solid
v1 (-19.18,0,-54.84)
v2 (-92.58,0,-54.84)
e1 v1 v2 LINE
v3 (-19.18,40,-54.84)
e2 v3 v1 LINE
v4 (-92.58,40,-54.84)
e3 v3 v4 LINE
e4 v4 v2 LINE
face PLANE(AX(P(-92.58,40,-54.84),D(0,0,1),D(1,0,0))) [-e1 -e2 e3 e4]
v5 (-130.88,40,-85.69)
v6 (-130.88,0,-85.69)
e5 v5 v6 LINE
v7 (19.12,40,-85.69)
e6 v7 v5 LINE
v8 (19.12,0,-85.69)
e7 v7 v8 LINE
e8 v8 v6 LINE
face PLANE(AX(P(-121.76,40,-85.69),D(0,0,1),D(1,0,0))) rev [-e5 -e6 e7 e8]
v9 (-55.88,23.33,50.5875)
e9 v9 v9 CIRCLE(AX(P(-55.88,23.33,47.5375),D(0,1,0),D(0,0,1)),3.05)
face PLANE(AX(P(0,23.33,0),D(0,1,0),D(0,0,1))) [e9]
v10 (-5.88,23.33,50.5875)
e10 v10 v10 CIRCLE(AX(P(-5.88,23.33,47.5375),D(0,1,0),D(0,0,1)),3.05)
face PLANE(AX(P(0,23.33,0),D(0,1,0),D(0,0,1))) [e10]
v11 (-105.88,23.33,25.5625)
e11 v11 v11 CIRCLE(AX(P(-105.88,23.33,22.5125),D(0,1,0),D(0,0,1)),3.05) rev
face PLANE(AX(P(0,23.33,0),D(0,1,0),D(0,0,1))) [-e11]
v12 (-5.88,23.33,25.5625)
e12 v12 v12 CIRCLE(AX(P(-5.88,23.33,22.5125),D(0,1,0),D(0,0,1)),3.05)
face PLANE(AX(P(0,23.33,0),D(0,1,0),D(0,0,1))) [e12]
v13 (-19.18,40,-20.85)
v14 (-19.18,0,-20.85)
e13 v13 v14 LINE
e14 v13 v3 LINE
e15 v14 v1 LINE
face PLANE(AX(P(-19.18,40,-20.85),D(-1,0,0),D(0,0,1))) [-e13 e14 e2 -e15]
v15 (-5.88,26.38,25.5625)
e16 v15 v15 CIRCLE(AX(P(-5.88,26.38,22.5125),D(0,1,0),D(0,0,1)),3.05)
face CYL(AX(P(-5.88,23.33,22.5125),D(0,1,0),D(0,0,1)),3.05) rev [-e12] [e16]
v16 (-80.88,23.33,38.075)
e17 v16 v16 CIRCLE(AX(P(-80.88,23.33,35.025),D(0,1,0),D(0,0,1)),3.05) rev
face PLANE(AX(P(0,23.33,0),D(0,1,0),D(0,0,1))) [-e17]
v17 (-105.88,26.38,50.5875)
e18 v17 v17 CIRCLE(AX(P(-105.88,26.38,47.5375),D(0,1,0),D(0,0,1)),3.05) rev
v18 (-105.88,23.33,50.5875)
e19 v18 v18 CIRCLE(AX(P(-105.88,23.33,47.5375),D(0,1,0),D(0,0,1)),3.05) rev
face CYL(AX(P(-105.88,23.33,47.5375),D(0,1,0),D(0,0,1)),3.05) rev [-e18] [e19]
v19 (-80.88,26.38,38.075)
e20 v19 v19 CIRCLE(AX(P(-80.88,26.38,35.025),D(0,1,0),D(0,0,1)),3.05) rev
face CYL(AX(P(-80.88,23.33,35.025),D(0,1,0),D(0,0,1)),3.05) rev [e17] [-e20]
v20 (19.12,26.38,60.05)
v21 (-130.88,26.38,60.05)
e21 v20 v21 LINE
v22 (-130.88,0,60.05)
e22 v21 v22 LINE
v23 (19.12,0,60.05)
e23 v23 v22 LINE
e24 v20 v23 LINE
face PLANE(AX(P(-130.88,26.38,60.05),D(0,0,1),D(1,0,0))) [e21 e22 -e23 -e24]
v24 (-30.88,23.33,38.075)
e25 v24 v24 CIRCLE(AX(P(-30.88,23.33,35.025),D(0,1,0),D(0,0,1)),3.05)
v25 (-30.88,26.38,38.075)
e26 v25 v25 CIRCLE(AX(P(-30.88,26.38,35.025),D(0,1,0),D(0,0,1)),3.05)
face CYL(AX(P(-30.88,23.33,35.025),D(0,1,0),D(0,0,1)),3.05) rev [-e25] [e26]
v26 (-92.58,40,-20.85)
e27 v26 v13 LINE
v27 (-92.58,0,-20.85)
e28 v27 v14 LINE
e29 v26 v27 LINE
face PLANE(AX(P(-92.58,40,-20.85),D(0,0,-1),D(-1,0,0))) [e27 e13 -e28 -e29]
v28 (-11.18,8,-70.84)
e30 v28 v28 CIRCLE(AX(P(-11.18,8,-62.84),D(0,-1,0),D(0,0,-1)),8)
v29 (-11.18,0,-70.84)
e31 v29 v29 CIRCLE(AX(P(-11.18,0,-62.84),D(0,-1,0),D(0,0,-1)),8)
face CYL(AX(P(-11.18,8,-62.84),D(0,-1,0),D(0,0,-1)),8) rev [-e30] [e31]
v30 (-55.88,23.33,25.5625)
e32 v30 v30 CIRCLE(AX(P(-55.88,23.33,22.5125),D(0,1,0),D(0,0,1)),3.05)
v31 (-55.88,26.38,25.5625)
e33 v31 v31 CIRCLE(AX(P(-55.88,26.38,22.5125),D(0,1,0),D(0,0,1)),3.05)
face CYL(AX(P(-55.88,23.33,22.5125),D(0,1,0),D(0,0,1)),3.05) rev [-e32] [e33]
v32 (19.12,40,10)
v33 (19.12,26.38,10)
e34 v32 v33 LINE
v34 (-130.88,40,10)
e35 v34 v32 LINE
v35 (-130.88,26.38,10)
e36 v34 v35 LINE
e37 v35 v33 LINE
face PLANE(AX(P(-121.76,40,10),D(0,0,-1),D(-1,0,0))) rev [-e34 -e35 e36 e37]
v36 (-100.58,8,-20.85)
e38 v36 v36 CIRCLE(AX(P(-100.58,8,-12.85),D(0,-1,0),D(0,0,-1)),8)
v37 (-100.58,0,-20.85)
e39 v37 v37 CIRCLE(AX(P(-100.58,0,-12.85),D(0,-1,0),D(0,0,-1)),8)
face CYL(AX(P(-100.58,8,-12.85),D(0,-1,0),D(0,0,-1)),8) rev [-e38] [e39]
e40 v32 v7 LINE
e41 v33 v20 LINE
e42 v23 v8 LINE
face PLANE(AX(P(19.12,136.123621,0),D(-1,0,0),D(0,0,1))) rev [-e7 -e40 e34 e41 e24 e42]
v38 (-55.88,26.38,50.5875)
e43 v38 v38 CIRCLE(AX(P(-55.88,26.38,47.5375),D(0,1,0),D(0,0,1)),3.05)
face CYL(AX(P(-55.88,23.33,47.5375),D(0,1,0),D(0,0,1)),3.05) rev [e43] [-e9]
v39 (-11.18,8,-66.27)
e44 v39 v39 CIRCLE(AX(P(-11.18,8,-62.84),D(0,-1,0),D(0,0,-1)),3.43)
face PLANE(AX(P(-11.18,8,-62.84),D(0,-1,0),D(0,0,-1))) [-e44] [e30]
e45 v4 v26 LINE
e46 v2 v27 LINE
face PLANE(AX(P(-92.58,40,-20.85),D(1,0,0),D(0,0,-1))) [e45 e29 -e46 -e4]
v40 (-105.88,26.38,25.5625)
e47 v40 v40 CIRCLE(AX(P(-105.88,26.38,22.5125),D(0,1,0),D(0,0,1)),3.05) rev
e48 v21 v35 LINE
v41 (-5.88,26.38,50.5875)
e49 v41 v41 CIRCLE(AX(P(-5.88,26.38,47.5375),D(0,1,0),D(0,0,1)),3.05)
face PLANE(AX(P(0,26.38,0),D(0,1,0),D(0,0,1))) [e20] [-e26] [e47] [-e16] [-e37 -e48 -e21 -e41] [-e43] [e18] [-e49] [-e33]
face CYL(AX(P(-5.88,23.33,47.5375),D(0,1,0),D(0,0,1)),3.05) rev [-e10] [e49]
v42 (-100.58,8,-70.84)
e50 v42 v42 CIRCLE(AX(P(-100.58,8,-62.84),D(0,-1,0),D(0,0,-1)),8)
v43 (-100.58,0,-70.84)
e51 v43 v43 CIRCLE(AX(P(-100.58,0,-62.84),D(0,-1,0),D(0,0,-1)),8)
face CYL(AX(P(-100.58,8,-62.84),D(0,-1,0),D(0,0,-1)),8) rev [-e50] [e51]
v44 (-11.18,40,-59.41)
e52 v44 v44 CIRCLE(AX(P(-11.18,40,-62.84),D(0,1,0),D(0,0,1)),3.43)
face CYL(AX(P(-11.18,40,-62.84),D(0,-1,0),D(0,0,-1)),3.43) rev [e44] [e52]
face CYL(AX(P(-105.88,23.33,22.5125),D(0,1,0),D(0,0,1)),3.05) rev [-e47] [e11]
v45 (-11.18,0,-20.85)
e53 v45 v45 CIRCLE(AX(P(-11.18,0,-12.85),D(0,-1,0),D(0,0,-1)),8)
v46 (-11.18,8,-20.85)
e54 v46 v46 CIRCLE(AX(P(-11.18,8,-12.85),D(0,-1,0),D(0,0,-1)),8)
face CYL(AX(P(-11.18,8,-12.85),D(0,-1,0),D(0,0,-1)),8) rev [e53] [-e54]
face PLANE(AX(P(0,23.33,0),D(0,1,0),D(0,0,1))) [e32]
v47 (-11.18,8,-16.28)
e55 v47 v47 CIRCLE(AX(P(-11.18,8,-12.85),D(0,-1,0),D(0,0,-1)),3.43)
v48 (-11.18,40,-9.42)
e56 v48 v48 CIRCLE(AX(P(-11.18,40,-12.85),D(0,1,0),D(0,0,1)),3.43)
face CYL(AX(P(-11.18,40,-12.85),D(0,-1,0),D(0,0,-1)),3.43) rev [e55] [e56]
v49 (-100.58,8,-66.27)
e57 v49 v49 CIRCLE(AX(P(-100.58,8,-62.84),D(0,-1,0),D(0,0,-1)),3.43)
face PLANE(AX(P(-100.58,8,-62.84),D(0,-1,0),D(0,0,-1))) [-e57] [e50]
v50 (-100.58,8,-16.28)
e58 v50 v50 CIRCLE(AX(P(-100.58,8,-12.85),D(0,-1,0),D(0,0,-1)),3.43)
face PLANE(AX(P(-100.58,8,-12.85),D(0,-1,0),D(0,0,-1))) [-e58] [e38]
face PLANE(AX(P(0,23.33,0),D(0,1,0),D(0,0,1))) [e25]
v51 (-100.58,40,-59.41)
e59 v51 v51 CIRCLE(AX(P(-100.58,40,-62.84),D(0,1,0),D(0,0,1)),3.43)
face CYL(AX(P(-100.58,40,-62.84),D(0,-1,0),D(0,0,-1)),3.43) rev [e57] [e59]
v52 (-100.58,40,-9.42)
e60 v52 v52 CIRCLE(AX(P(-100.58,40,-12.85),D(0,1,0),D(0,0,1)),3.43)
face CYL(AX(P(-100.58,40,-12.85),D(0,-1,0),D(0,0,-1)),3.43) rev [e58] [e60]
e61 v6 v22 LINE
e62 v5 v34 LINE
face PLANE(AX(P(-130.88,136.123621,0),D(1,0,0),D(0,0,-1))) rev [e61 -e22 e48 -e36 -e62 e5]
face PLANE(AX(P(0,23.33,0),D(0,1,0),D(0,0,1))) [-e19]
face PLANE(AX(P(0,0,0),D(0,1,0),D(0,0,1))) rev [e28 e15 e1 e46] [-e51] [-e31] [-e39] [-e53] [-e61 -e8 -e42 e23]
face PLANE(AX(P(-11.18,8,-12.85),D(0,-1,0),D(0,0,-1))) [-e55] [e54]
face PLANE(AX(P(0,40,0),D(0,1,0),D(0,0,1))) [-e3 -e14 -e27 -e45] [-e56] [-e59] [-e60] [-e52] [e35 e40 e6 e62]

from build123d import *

# Parameters (mm, degrees)
SKETCH8_W           = 131.76
SKETCH8_H           = 95.69
SKETCH8_R           = 3.43
SKETCH8_W_2         = 73.4
SKETCH8_H_2         = 33.99
BOSS_EXTRUDE4_DEPTH = 40
SKETCH9_R           = 8
CUT_EXTRUDE2_DEPTH  = 8
SKETCH12_W          = 9.12
SKETCH12_H          = 95.69
BOSS_EXTRUDE5_DEPTH = 40
SKETCH13_W          = 150
SKETCH13_H          = 50.05
BOSS_EXTRUDE6_DEPTH = 26.38
SKETCH14_R          = 3.05
CUT_EXTRUDE3_DEPTH  = 3.05


with BuildPart() as part:
    # Sketch8 → Boss-Extrude4 (new body)
    with BuildSketch(Plane(origin=(0, 0, 0), x_dir=(1, 0, 0), z_dir=(0, 1, 0))):
        with Locations((-55.88, 37.845)):
            Rectangle(SKETCH8_W, SKETCH8_H)
        with Locations((-100.58, 12.85)):
            Circle(SKETCH8_R, mode=Mode.SUBTRACT)
        with Locations((-100.58, 62.84)):
            Circle(SKETCH8_R, mode=Mode.SUBTRACT)
        with Locations((-11.18, 62.84)):
            Circle(SKETCH8_R, mode=Mode.SUBTRACT)
        with Locations((-11.18, 12.85)):
            Circle(SKETCH8_R, mode=Mode.SUBTRACT)
        with Locations((-55.88, 37.845)):
            Rectangle(SKETCH8_W_2, SKETCH8_H_2, mode=Mode.SUBTRACT)
    extrude(amount=BOSS_EXTRUDE4_DEPTH)

    # Sketch9 → Cut-Extrude2 (cut)
    with BuildSketch(Plane.XZ):
        with Locations((-100.58, -12.85)):
            Circle(SKETCH9_R)
        with Locations((-11.18, -12.85)):
            Circle(SKETCH9_R)
        with Locations((-11.18, -62.84)):
            Circle(SKETCH9_R)
        with Locations((-100.58, -62.84)):
            Circle(SKETCH9_R)
    extrude(amount=-CUT_EXTRUDE2_DEPTH, mode=Mode.SUBTRACT)

    # Sketch12 → Boss-Extrude5 (add)
    with BuildSketch(Plane.XZ):
        with Locations((-126.32, -37.845)):
            Rectangle(SKETCH12_W, SKETCH12_H)
        with Locations((14.56, -37.845)):
            Rectangle(SKETCH12_W, SKETCH12_H)
    extrude(amount=-BOSS_EXTRUDE5_DEPTH)

    # Sketch13 → Boss-Extrude6 (add)
    with BuildSketch(Plane.XZ):
        with Locations((-55.88, 35.025)):
            Rectangle(SKETCH13_W, SKETCH13_H)
    extrude(amount=-BOSS_EXTRUDE6_DEPTH)

    # Sketch14 → Cut-Extrude3 (cut)
    with BuildSketch(Plane(origin=(0, 26.38, 0), x_dir=(1, 0, 0), z_dir=(0, 1, 0))):
        with Locations((-105.88, -22.5125)):
            Circle(SKETCH14_R)
        with Locations((-105.88, -47.5375)):
            Circle(SKETCH14_R)
        with BuildLine():
            ThreePointArc((-77.83, -35.025), (-80.88, -31.975), (-83.93, -35.025))
            Line((-83.93, -35.025), (-77.83, -35.025))
        make_face()
        with BuildLine():
            Line((-77.83, -35.025), (-83.93, -35.025))
            ThreePointArc((-83.93, -35.025), (-80.88, -38.075), (-77.83, -35.025))
        make_face()
        with BuildLine():
            ThreePointArc((-52.83, -22.5125), (-53.723324317, -20.355824317), (-55.88, -19.4625))
            Line((-55.88, -19.4625), (-55.88, -25.5625))
            ThreePointArc((-55.88, -25.5625), (-53.723324317, -24.669175683), (-52.83, -22.5125))
        make_face()
        with BuildLine():
            Line((-55.88, -25.5625), (-55.88, -19.4625))
            ThreePointArc((-55.88, -19.4625), (-58.93, -22.5125), (-55.88, -25.5625))
        make_face()
        with BuildLine():
            ThreePointArc((-55.88, -44.4875), (-58.93, -47.5375), (-55.88, -50.5875))
            Line((-55.88, -50.5875), (-55.88, -44.4875))
        make_face()
        with BuildLine():
            Line((-55.88, -44.4875), (-55.88, -50.5875))
            ThreePointArc((-55.88, -50.5875), (-53.723324317, -49.694175683), (-52.83, -47.5375))
            ThreePointArc((-52.83, -47.5375), (-53.723324317, -45.380824317), (-55.88, -44.4875))
        make_face()
        with BuildLine():
            ThreePointArc((-33.93, -35.025), (-33.036675683, -37.181675683), (-30.88, -38.075))
            Line((-30.88, -38.075), (-30.88, -35.025))
            Line((-30.88, -35.025), (-33.93, -35.025))
        make_face()
        with BuildLine():
            Line((-30.88, -35.025), (-30.88, -38.075))
            ThreePointArc((-30.88, -38.075), (-28.723324317, -37.181675683), (-27.83, -35.025))
            Line((-27.83, -35.025), (-30.88, -35.025))
        make_face()
        with BuildLine():
            ThreePointArc((-27.83, -35.025), (-28.723324317, -32.868324317), (-30.88, -31.975))
            Line((-30.88, -31.975), (-30.88, -35.025))
            Line((-30.88, -35.025), (-27.83, -35.025))
        make_face()
        with BuildLine():
            Line((-30.88, -35.025), (-30.88, -31.975))
            ThreePointArc((-30.88, -31.975), (-33.036675683, -32.868324317), (-33.93, -35.025))
            Line((-33.93, -35.025), (-30.88, -35.025))
        make_face()
        with BuildLine():
            ThreePointArc((-2.83, -22.5125), (-3.723324317, -20.355824317), (-5.88, -19.4625))
            Line((-5.88, -19.4625), (-5.88, -25.5625))
            ThreePointArc((-5.88, -25.5625), (-3.723324317, -24.669175683), (-2.83, -22.5125))
        make_face()
        with BuildLine():
            Line((-5.88, -25.5625), (-5.88, -19.4625))
            ThreePointArc((-5.88, -19.4625), (-8.93, -22.5125), (-5.88, -25.5625))
        make_face()
        with BuildLine():
            ThreePointArc((-5.88, -44.4875), (-8.93, -47.5375), (-5.88, -50.5875))
            Line((-5.88, -50.5875), (-5.88, -44.4875))
        make_face()
        with BuildLine():
            Line((-5.88, -44.4875), (-5.88, -50.5875))
            ThreePointArc((-5.88, -50.5875), (-3.723324317, -49.694175683), (-2.83, -47.5375))
            ThreePointArc((-2.83, -47.5375), (-3.723324317, -45.380824317), (-5.88, -44.4875))
        make_face()
    extrude(amount=-CUT_EXTRUDE3_DEPTH, mode=Mode.SUBTRACT)


solid = part.part
